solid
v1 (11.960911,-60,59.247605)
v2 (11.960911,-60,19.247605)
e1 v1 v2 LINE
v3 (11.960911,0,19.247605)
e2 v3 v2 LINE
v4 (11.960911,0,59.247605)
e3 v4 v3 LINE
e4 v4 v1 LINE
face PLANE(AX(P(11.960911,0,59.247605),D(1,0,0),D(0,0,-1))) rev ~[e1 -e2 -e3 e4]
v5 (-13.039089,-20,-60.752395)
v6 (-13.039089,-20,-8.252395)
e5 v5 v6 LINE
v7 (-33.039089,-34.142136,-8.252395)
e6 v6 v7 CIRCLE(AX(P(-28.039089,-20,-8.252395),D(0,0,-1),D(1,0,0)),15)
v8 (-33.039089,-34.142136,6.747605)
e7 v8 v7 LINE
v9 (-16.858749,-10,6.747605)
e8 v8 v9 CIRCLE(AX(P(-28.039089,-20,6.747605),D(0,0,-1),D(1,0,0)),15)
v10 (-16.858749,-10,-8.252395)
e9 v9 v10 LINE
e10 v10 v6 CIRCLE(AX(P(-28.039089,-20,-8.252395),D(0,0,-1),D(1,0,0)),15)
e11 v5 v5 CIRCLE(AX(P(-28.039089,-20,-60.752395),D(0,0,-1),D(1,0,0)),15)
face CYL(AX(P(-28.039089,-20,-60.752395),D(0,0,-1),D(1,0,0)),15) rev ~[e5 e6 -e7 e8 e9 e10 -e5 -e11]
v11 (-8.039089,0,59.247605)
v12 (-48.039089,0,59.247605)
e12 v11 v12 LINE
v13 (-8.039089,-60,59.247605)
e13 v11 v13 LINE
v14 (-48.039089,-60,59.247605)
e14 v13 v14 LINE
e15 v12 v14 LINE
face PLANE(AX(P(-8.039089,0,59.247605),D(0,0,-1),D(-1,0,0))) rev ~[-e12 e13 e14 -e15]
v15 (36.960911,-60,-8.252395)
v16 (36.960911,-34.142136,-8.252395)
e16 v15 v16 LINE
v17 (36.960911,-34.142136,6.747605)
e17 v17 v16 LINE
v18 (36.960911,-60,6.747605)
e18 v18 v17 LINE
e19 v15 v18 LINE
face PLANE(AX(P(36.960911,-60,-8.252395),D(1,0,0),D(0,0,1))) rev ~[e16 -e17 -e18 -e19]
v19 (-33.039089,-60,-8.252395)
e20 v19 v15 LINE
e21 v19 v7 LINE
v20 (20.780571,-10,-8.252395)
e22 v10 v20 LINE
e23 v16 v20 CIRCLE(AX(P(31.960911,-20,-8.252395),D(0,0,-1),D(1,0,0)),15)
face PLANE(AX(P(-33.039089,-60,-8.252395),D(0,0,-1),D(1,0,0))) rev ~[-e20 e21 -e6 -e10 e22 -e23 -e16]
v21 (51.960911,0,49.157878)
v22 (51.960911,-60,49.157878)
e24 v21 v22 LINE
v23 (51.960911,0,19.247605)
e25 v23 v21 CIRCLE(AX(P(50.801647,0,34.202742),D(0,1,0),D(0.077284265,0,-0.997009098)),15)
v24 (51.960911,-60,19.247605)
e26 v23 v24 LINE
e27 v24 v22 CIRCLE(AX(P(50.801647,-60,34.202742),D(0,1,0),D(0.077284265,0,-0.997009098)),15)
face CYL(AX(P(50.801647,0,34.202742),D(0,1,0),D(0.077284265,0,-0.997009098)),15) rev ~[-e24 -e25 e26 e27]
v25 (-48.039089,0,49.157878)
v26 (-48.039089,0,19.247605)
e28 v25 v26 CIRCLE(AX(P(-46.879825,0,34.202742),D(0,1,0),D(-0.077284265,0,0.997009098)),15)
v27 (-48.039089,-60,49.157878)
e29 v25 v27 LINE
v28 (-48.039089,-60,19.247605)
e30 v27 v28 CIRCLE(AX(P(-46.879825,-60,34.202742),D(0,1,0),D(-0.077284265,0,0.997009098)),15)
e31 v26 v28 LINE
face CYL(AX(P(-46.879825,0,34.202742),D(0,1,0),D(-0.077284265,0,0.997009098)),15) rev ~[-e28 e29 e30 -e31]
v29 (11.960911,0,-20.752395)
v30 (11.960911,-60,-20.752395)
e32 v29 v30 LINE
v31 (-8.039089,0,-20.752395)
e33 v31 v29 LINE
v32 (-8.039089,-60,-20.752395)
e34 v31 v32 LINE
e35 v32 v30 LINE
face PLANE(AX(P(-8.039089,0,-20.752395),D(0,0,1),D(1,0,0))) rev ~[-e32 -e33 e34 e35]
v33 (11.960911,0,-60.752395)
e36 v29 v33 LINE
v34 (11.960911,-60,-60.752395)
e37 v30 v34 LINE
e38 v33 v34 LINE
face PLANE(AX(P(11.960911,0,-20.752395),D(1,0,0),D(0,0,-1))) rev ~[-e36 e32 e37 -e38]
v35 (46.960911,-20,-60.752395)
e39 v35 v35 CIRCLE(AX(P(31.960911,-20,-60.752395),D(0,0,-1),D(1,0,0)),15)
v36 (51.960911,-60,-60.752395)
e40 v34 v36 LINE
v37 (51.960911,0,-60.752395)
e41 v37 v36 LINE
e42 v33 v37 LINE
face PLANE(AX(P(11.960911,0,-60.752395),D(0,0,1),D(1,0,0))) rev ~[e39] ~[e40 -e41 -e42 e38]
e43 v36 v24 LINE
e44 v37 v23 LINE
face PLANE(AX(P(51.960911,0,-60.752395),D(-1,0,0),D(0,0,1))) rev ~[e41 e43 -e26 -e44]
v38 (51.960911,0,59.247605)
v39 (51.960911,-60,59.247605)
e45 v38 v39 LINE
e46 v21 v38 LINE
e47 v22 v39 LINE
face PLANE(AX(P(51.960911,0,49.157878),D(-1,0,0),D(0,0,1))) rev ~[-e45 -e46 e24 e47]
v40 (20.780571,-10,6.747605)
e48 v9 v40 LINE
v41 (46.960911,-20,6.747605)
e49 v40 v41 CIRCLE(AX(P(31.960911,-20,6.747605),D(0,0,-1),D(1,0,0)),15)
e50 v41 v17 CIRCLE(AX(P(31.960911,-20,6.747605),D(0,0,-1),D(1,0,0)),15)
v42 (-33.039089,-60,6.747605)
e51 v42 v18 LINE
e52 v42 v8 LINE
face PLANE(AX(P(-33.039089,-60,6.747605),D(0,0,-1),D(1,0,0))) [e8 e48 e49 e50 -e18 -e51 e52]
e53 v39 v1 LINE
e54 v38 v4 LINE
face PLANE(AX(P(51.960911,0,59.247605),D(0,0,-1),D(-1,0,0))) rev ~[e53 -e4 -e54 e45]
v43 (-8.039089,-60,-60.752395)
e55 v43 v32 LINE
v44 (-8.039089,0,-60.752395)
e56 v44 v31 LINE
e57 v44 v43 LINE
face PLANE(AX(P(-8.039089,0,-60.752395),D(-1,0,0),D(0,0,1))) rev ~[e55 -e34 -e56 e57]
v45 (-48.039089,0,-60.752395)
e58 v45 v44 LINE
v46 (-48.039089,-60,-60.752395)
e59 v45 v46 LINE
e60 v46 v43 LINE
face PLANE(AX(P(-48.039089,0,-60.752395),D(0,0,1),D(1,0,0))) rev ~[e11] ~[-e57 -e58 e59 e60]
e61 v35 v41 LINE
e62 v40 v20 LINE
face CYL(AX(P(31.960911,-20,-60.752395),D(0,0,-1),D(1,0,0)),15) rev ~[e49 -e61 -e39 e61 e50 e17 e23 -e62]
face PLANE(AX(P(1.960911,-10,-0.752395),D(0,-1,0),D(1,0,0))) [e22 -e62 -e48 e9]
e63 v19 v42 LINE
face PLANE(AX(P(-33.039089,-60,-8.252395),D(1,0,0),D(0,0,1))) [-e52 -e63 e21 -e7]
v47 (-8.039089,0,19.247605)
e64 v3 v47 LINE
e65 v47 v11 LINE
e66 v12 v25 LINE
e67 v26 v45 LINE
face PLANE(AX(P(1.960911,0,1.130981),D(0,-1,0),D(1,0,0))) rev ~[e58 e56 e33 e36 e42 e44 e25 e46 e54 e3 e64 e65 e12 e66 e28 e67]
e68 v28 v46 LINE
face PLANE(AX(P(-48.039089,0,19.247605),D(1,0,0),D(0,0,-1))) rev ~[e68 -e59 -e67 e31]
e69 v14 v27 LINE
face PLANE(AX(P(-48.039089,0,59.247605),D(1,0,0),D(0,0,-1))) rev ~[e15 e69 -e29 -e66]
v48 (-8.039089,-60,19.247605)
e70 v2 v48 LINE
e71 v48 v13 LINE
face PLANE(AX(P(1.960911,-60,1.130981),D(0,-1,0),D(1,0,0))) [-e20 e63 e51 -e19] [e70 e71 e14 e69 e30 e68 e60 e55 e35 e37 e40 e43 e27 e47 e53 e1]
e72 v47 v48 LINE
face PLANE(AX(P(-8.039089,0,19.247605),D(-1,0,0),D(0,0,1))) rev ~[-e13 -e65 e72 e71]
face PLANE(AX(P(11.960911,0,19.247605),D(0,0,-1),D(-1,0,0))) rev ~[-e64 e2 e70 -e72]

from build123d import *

# Parameters (mm, degrees)
F1_DEPTH = 60
F2_W     = 70
F2_H     = 15
F3_DEPTH = 50
F4_R     = 15
F5_R     = 15
F6_DEPTH = 67.5


with BuildPart() as f1:
    # F0 (on Front) → F1 (new body)
    with BuildSketch(Plane.XZ):
        with BuildLine():
            Line((-8.039089, 59.247605), (-48.039089, 59.247605))
            Line((-48.039089, 59.247605), (-48.039089, 49.157878))
            ThreePointArc((-48.039089, 49.157878), (-31.879825, 34.202742), (-48.039089, 19.247605))
            Line((-48.039089, 19.247605), (-48.039089, -60.752395))
            Line((-48.039089, -60.752395), (-8.039089, -60.752395))
            Line((-8.039089, -60.752395), (-8.039089, -20.752395))
            Line((-8.039089, -20.752395), (11.960911, -20.752395))
            Line((11.960911, -20.752395), (11.960911, -60.752395))
            Line((11.960911, -60.752395), (51.960911, -60.752395))
            Line((51.960911, -60.752395), (51.960911, 19.247605))
            ThreePointArc((51.960911, 19.247605), (35.801647, 34.202742), (51.960911, 49.157878))
            Line((51.960911, 49.157878), (51.960911, 59.247605))
            Line((51.960911, 59.247605), (11.960911, 59.247605))
            Line((11.960911, 59.247605), (11.960911, 19.247605))
            Line((11.960911, 19.247605), (-8.039089, 19.247605))
            Line((-8.039089, 19.247605), (-8.039089, 59.247605))
        make_face()
    extrude(amount=F1_DEPTH)

    # F2 (on face) → F3 (cut)
    with BuildSketch(Plane.XZ.offset(60)):
        with Locations((1.960911, -0.752395)):
            Rectangle(F2_W, F2_H)
    extrude(amount=-F3_DEPTH, mode=Mode.SUBTRACT)

    # F4 (on face) + F5 (on face) → F6 (cut)
    with BuildSketch(Plane(origin=(0, 0, -60.752395), x_dir=(1, 0, 0), z_dir=(0, 0, -1))):
        with Locations((-28.039089, 20)):
            Circle(F4_R)
    with BuildSketch(Plane(origin=(0, 0, -60.752395), x_dir=(1, 0, 0), z_dir=(0, 0, -1))):
        with Locations((31.960911, 20)):
            Circle(F5_R)
    extrude(amount=-F6_DEPTH, mode=Mode.SUBTRACT)


solid = f1.part
